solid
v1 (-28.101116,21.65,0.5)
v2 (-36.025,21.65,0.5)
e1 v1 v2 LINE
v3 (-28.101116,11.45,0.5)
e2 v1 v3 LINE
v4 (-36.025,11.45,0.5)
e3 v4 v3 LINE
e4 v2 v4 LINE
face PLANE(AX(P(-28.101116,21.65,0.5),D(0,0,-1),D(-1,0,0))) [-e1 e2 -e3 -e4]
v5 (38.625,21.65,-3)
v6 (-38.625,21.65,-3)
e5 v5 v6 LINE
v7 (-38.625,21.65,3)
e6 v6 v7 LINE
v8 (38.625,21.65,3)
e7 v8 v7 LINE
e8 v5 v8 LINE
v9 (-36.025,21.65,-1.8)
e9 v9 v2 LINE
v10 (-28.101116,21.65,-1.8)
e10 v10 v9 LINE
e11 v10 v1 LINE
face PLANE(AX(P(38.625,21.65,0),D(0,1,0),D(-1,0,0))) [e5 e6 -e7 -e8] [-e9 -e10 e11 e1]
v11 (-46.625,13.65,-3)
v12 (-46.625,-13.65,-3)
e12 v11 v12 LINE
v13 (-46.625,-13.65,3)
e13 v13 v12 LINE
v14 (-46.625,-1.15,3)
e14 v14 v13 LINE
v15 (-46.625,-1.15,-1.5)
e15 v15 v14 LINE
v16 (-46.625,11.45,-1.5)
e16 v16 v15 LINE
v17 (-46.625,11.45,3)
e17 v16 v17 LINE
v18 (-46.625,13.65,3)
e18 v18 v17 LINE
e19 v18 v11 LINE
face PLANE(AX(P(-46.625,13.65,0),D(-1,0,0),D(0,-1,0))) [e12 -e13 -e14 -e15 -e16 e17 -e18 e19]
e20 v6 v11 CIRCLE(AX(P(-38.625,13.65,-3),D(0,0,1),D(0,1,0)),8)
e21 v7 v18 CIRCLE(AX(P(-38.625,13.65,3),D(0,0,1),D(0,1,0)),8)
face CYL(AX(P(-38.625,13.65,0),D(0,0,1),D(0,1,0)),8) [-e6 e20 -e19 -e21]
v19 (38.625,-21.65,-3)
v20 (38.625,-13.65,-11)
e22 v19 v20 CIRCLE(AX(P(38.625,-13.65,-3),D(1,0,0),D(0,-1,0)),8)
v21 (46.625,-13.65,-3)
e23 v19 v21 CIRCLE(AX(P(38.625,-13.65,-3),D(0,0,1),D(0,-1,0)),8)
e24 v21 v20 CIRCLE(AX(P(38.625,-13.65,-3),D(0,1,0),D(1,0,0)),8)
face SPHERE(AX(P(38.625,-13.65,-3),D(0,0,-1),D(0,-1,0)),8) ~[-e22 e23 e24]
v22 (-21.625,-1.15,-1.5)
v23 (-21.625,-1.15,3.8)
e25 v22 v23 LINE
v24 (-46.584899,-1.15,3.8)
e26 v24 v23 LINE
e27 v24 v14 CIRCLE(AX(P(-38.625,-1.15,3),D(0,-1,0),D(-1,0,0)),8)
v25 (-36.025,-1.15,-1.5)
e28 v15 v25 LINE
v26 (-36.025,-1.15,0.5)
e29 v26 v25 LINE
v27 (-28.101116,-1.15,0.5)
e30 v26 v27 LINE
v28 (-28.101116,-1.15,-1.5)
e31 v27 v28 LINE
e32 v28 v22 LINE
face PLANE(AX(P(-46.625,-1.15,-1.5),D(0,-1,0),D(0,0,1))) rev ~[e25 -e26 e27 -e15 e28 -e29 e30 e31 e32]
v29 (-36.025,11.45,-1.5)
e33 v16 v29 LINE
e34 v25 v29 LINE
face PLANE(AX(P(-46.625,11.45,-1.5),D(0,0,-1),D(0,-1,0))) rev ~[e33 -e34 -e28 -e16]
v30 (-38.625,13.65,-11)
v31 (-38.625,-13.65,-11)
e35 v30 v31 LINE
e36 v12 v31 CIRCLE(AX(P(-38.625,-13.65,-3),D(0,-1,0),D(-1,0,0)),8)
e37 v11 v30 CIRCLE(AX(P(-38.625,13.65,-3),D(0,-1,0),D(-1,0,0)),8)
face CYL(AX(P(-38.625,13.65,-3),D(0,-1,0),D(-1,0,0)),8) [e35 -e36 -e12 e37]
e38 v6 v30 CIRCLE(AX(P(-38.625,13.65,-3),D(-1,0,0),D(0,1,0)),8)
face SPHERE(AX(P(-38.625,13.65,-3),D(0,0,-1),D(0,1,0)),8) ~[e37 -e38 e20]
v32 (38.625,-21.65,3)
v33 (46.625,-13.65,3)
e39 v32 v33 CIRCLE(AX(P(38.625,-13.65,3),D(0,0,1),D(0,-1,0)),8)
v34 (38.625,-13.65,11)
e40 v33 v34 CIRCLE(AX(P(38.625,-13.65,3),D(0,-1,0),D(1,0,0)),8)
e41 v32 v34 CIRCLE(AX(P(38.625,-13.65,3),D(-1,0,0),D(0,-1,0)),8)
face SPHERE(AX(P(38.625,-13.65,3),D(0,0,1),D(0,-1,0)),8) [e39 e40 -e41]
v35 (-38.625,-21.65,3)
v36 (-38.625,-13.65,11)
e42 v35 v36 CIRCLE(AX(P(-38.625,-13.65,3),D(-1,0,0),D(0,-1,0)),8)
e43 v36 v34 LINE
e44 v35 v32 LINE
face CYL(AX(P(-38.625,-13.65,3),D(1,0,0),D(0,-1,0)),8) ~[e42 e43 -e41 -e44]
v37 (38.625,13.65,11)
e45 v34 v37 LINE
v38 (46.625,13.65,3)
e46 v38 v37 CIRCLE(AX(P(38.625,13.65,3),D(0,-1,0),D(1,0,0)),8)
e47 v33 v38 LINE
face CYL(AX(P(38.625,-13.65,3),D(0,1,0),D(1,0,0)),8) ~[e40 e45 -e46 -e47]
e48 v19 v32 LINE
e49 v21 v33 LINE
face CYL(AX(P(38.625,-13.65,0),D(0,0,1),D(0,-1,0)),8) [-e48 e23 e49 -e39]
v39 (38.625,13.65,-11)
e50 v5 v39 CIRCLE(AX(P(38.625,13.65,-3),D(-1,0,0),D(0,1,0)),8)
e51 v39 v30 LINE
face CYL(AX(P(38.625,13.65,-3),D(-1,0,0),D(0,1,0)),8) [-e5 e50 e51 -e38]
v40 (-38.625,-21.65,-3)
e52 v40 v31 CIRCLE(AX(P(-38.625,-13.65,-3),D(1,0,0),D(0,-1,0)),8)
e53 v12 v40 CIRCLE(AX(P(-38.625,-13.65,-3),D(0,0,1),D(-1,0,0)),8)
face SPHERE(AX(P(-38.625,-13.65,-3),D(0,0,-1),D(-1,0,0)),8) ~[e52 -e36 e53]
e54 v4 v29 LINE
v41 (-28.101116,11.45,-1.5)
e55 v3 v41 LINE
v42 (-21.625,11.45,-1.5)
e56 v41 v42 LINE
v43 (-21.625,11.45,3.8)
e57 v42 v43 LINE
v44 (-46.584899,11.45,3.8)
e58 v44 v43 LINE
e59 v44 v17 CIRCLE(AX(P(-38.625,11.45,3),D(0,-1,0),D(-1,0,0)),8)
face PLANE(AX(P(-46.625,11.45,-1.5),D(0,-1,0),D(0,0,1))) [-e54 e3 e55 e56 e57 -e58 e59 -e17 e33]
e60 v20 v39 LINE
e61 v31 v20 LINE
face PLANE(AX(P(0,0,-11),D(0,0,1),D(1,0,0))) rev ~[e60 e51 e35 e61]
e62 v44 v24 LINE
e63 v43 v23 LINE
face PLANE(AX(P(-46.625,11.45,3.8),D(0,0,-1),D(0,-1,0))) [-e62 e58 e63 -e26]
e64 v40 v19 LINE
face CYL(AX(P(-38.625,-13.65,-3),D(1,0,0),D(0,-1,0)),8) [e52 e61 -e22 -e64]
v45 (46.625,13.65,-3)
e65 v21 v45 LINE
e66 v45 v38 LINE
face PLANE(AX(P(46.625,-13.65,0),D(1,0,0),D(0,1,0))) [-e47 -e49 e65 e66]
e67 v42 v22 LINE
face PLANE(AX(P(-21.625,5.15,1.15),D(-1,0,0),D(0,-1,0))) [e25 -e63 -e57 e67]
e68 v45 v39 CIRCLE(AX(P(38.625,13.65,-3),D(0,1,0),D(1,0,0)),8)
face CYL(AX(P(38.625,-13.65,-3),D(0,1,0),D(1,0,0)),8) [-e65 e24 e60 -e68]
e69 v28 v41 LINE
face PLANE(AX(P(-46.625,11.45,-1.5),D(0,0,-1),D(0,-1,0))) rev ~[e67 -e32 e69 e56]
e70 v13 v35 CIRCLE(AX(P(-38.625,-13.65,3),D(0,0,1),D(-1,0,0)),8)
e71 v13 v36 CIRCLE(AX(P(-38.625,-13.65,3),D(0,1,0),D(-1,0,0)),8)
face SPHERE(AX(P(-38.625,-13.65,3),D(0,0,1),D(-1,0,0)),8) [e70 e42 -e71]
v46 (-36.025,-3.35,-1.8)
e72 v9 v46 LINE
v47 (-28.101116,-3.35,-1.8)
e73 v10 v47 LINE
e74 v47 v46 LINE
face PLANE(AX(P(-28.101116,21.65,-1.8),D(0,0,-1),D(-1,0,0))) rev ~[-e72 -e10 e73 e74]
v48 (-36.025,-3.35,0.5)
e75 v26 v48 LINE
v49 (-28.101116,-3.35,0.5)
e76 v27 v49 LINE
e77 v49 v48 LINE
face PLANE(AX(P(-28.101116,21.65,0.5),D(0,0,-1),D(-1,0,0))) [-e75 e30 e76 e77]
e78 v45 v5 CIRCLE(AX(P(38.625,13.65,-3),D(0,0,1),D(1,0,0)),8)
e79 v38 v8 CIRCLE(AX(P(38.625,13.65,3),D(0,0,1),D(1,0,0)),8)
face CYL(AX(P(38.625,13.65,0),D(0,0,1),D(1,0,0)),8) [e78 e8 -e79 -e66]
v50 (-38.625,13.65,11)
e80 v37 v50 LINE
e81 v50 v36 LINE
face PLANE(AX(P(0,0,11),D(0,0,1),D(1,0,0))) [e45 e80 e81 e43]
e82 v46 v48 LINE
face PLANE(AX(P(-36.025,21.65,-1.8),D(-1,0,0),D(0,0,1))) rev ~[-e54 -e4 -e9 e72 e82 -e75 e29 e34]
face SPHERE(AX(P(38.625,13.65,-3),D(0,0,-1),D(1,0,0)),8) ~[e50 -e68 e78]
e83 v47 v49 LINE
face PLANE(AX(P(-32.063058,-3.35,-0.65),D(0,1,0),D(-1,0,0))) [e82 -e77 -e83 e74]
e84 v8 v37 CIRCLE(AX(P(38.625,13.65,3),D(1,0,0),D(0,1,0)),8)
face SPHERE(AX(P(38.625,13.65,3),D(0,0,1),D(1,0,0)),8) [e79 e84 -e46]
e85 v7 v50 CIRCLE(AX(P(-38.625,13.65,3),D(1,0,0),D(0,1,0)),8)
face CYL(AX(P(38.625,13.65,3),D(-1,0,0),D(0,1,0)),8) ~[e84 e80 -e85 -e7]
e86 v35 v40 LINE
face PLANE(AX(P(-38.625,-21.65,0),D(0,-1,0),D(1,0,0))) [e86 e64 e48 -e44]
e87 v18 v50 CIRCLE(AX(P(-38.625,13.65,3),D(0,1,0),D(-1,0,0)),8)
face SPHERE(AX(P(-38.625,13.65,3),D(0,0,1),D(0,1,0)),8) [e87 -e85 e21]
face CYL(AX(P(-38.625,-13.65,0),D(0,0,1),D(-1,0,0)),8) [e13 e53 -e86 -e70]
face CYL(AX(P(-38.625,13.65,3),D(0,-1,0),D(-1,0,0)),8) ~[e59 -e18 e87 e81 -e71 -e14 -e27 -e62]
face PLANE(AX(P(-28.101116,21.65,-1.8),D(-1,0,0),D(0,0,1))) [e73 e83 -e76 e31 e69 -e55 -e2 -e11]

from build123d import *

# Parameters (mm, degrees)
F1_DEPTH = 11
F2_R     = 8
F3_W     = 12.6
F3_H     = 5.3
F4_DEPTH = 25
F5_W     = 7.9238843173
F5_H     = 2.3
F6_DEPTH = 25


with BuildPart() as f1:
    # F0 (on Top) → F1 (new body, symmetric)
    with BuildSketch(Plane.XY):
        with BuildLine():
            Line((-38.625, -21.65), (38.625, -21.65))
            ThreePointArc((38.625, -21.65), (44.2818542495, -19.3068542495), (46.625, -13.65))
            Line((46.625, -13.65), (46.625, 13.65))
            ThreePointArc((46.625, 13.65), (44.2818542495, 19.3068542495), (38.625, 21.65))
            Line((38.625, 21.65), (-38.625, 21.65))
            ThreePointArc((-38.625, 21.65), (-44.2818542495, 19.3068542495), (-46.625, 13.65))
            Line((-46.625, 13.65), (-46.625, -13.65))
            ThreePointArc((-46.625, -13.65), (-44.2818542495, -19.3068542495), (-38.625, -21.65))
        make_face()
    extrude(amount=F1_DEPTH, both=True)

    # F2
    f2_edges = [f1.edges().sort_by_distance(p)[0] for p in [
        (0, -21.65, 11),
        (44.281854, -19.306854, 11),
        (46.625, 0, 11),
        (44.281854, 19.306854, 11),
        (0, 21.65, 11),
        (-44.281854, 19.306854, 11),
        (-46.625, 0, 11),
        (-44.281854, -19.306854, 11),
        (0, -21.65, -11),
        (44.281854, -19.306854, -11),
        (46.625, 0, -11),
        (44.281854, 19.306854, -11),
        (0, 21.65, -11),
        (-44.281854, 19.306854, -11),
        (-46.625, 0, -11),
        (-44.281854, -19.306854, -11),
    ]]
    fillet(f2_edges, radius=F2_R)

    # F3 (on face) → F4 (cut)
    with BuildSketch(Plane(origin=(-46.625, 0, 0), x_dir=(0, -1, 0), z_dir=(-1, 0, 0))):
        with Locations((-5.15, 1.15)):
            Rectangle(F3_W, F3_H)
    extrude(amount=-F4_DEPTH, mode=Mode.SUBTRACT)

    # F5 (on face) → F6 (cut)
    with BuildSketch(Plane(origin=(0, 21.65, 0), x_dir=(-1, 0, 0), z_dir=(0, 1, 0))):
        with Locations((32.0630578414, -0.65)):
            Rectangle(F5_W, F5_H)
    extrude(amount=-F6_DEPTH, mode=Mode.SUBTRACT)


solid = f1.part
